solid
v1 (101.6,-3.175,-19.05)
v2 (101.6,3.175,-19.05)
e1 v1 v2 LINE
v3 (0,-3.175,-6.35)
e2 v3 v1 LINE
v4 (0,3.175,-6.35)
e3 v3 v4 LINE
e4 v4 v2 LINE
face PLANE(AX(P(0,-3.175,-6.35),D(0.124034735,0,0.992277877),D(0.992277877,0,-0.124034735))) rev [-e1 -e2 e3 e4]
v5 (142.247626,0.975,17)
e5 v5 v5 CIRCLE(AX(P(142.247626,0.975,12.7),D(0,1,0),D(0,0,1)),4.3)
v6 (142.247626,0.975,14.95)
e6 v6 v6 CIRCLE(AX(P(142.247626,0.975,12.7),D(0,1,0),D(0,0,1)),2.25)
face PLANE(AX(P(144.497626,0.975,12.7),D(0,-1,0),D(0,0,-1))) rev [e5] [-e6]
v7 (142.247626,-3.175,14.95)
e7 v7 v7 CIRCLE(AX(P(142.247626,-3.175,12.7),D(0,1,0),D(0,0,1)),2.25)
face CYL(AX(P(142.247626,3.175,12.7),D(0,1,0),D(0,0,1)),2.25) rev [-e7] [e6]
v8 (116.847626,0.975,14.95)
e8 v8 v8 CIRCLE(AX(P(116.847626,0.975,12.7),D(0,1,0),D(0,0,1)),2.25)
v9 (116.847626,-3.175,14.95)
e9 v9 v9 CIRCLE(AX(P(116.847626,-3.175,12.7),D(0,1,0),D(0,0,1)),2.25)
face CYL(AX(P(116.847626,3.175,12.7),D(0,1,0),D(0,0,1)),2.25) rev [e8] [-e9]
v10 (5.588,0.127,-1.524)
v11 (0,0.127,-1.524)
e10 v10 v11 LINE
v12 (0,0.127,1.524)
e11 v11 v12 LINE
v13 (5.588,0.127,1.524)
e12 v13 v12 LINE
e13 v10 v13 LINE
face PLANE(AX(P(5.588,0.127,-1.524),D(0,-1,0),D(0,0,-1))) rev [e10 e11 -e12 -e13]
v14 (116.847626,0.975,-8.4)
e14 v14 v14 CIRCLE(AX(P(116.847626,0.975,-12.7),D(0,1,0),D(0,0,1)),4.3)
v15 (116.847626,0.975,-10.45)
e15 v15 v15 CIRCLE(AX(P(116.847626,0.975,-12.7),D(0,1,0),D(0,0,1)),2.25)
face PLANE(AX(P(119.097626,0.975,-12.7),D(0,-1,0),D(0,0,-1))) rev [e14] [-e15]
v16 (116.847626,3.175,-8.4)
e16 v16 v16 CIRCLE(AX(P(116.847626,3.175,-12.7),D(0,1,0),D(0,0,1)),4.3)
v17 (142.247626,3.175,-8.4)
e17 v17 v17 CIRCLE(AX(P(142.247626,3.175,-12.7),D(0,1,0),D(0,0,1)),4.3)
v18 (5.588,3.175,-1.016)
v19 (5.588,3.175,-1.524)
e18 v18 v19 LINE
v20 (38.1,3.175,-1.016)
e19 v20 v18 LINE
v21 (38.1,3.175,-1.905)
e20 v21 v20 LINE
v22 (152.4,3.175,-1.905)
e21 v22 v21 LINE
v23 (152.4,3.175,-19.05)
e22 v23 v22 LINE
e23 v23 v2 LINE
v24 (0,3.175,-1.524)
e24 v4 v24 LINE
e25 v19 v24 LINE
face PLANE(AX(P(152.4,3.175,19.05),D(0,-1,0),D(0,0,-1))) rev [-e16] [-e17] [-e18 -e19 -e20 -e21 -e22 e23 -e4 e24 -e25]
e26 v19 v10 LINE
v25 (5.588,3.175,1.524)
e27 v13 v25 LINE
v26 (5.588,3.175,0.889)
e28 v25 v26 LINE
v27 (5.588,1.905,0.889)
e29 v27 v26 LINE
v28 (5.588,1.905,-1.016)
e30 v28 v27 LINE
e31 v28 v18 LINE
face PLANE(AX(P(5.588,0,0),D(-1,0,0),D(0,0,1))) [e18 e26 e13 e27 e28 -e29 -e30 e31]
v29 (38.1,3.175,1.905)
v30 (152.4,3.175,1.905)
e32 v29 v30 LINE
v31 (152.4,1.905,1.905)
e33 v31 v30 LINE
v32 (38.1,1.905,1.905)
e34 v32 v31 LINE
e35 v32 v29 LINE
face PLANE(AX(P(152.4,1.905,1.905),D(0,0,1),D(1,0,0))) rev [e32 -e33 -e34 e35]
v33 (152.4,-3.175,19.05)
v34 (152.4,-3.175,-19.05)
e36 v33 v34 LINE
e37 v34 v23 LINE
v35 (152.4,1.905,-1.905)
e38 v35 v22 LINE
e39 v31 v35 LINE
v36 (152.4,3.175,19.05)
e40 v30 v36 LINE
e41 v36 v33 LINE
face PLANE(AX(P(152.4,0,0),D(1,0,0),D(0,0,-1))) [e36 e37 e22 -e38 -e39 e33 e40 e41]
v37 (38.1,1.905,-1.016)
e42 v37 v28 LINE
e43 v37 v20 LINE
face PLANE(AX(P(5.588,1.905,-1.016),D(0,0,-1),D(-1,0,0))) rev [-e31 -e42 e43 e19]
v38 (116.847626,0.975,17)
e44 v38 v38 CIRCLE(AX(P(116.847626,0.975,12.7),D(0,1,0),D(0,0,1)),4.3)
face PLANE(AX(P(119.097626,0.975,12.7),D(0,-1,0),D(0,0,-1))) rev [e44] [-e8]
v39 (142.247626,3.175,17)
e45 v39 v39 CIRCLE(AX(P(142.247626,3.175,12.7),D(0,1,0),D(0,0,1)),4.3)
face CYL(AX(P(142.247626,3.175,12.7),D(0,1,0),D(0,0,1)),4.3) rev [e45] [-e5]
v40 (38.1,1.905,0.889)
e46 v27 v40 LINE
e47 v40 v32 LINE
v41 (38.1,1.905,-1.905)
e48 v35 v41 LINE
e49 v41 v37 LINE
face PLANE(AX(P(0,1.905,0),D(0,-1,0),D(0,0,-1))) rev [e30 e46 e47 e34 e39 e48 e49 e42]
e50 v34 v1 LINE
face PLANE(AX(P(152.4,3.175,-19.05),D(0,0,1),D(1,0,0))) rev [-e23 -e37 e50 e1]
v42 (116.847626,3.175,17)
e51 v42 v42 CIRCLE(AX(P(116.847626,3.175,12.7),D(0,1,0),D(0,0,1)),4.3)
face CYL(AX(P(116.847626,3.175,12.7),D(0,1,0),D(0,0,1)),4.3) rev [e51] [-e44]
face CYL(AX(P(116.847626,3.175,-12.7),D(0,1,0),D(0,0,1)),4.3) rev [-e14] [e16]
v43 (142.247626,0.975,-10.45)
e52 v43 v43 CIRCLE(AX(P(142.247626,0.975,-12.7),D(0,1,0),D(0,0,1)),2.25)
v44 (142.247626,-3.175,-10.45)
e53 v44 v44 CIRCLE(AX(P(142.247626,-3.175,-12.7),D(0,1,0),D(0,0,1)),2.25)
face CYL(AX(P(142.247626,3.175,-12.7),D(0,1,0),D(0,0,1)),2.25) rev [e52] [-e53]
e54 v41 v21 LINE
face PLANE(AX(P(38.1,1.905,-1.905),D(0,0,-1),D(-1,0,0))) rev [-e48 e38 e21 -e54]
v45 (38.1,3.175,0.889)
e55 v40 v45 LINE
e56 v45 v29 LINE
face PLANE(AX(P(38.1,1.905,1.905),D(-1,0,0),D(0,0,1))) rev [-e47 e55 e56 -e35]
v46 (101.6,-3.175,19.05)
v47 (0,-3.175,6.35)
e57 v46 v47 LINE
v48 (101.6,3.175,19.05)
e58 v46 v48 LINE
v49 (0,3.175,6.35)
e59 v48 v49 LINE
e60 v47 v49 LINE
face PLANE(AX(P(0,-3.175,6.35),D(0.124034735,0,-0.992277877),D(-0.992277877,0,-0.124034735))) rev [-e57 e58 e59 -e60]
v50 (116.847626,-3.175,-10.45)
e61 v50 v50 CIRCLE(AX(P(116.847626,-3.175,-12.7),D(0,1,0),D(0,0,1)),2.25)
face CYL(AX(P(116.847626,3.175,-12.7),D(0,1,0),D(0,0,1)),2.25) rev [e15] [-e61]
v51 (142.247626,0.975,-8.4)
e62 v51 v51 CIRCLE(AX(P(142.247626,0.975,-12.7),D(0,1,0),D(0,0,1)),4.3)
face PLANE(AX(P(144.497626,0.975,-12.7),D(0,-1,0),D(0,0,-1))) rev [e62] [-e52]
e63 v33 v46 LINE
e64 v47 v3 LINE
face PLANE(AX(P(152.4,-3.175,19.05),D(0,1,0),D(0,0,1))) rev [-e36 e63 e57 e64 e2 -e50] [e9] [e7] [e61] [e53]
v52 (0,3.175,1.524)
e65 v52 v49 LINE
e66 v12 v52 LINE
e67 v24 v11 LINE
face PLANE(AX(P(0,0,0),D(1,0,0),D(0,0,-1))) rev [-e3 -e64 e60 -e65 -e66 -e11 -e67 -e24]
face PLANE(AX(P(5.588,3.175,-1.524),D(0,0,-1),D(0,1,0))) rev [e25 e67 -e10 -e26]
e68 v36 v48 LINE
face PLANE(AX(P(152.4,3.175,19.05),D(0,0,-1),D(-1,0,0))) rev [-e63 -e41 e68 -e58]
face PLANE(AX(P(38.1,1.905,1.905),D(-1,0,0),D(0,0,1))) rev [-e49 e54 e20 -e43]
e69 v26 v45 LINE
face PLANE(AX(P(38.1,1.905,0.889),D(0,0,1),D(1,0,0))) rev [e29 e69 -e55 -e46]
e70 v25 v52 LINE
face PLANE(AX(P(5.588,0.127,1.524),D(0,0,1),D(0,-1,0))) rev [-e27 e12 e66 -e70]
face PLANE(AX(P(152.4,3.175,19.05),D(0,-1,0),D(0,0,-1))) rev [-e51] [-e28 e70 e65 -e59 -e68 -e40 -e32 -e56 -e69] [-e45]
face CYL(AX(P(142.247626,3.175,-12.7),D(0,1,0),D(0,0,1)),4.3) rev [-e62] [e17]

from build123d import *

# Parameters (mm, degrees)
SKETCH2_W                       = 38.1
SKETCH2_H                       = 6.35
BOSS_EXTRUDE1_DEPTH             = 152.4
CBORE_FOR_M4_SBHCS1_D           = 4.5
CBORE_FOR_M4_SBHCS1_CBORE_D     = 8.6
CBORE_FOR_M4_SBHCS1_CBORE_DEPTH = 2.2
SKETCH9_W                       = 3.048
SKETCH9_H                       = 3.048
CUT_EXTRUDE1_DEPTH              = 5.588
SKETCH12_W                      = 114.3
SKETCH12_H                      = 3.81
CUT_EXTRUDE2_DEPTH              = 1.27
SKETCH13_W                      = 32.512
SKETCH13_H                      = 1.905
CUT_EXTRUDE3_DEPTH              = 1.27
CUT_EXTRUDE4_DEPTH              = 6.35
CUT_EXTRUDE5_DEPTH              = 6.35


with BuildPart() as part:
    # Sketch2 → Boss-Extrude1 (new body)
    with BuildSketch(Plane(origin=(0, 0, 0), x_dir=(0, 0, -1), z_dir=(1, 0, 0))):
        Rectangle(SKETCH2_W, SKETCH2_H)
    extrude(amount=BOSS_EXTRUDE1_DEPTH)

    # CBORE for M4 SBHCS1 (through all)
    with Locations(Plane(origin=(0, 3.175, 0), x_dir=(1, 0, 0), z_dir=(0, 1, 0))):
        with Locations((142.247626007, -12.7), (142.247626007, 12.7), (116.847626007, 12.7), (116.847626007, -12.7)):
            CounterBoreHole(CBORE_FOR_M4_SBHCS1_D / 2, CBORE_FOR_M4_SBHCS1_CBORE_D / 2, CBORE_FOR_M4_SBHCS1_CBORE_DEPTH)

    # Sketch9 → Cut-Extrude1 (cut)
    with BuildSketch(Plane.ZY):
        with Locations((0, 1.651)):
            Rectangle(SKETCH9_W, SKETCH9_H)
    extrude(amount=-CUT_EXTRUDE1_DEPTH, mode=Mode.SUBTRACT)

    # Sketch12 → Cut-Extrude2 (cut)
    with BuildSketch(Plane(origin=(0, 3.175, 0), x_dir=(1, 0, 0), z_dir=(0, 1, 0))):
        with Locations((95.25, 0)):
            Rectangle(SKETCH12_W, SKETCH12_H)
    extrude(amount=-CUT_EXTRUDE2_DEPTH, mode=Mode.SUBTRACT)

    # Sketch13 → Cut-Extrude3 (cut)
    with BuildSketch(Plane(origin=(0, 3.175, 0), x_dir=(1, 0, 0), z_dir=(0, 1, 0))):
        with Locations((21.844, 0.0635)):
            Rectangle(SKETCH13_W, SKETCH13_H)
    extrude(amount=-CUT_EXTRUDE3_DEPTH, mode=Mode.SUBTRACT)

    # Sketch14 → Cut-Extrude4 (cut)
    with BuildSketch(Plane(origin=(0, 3.175, 0), x_dir=(1, 0, 0), z_dir=(0, 1, 0))):
        Polygon((0, 6.35), (0, 19.05), (101.6, 19.05), align=None)
    extrude(amount=-CUT_EXTRUDE4_DEPTH, mode=Mode.SUBTRACT)

    # Sketch15 → Cut-Extrude5 (cut)
    with BuildSketch(Plane(origin=(0, 3.175, 0), x_dir=(1, 0, 0), z_dir=(0, 1, 0))):
        Polygon((0, -6.35), (101.6, -19.05), (0, -19.05), align=None)
    extrude(amount=-CUT_EXTRUDE5_DEPTH, mode=Mode.SUBTRACT)


solid = part.part
